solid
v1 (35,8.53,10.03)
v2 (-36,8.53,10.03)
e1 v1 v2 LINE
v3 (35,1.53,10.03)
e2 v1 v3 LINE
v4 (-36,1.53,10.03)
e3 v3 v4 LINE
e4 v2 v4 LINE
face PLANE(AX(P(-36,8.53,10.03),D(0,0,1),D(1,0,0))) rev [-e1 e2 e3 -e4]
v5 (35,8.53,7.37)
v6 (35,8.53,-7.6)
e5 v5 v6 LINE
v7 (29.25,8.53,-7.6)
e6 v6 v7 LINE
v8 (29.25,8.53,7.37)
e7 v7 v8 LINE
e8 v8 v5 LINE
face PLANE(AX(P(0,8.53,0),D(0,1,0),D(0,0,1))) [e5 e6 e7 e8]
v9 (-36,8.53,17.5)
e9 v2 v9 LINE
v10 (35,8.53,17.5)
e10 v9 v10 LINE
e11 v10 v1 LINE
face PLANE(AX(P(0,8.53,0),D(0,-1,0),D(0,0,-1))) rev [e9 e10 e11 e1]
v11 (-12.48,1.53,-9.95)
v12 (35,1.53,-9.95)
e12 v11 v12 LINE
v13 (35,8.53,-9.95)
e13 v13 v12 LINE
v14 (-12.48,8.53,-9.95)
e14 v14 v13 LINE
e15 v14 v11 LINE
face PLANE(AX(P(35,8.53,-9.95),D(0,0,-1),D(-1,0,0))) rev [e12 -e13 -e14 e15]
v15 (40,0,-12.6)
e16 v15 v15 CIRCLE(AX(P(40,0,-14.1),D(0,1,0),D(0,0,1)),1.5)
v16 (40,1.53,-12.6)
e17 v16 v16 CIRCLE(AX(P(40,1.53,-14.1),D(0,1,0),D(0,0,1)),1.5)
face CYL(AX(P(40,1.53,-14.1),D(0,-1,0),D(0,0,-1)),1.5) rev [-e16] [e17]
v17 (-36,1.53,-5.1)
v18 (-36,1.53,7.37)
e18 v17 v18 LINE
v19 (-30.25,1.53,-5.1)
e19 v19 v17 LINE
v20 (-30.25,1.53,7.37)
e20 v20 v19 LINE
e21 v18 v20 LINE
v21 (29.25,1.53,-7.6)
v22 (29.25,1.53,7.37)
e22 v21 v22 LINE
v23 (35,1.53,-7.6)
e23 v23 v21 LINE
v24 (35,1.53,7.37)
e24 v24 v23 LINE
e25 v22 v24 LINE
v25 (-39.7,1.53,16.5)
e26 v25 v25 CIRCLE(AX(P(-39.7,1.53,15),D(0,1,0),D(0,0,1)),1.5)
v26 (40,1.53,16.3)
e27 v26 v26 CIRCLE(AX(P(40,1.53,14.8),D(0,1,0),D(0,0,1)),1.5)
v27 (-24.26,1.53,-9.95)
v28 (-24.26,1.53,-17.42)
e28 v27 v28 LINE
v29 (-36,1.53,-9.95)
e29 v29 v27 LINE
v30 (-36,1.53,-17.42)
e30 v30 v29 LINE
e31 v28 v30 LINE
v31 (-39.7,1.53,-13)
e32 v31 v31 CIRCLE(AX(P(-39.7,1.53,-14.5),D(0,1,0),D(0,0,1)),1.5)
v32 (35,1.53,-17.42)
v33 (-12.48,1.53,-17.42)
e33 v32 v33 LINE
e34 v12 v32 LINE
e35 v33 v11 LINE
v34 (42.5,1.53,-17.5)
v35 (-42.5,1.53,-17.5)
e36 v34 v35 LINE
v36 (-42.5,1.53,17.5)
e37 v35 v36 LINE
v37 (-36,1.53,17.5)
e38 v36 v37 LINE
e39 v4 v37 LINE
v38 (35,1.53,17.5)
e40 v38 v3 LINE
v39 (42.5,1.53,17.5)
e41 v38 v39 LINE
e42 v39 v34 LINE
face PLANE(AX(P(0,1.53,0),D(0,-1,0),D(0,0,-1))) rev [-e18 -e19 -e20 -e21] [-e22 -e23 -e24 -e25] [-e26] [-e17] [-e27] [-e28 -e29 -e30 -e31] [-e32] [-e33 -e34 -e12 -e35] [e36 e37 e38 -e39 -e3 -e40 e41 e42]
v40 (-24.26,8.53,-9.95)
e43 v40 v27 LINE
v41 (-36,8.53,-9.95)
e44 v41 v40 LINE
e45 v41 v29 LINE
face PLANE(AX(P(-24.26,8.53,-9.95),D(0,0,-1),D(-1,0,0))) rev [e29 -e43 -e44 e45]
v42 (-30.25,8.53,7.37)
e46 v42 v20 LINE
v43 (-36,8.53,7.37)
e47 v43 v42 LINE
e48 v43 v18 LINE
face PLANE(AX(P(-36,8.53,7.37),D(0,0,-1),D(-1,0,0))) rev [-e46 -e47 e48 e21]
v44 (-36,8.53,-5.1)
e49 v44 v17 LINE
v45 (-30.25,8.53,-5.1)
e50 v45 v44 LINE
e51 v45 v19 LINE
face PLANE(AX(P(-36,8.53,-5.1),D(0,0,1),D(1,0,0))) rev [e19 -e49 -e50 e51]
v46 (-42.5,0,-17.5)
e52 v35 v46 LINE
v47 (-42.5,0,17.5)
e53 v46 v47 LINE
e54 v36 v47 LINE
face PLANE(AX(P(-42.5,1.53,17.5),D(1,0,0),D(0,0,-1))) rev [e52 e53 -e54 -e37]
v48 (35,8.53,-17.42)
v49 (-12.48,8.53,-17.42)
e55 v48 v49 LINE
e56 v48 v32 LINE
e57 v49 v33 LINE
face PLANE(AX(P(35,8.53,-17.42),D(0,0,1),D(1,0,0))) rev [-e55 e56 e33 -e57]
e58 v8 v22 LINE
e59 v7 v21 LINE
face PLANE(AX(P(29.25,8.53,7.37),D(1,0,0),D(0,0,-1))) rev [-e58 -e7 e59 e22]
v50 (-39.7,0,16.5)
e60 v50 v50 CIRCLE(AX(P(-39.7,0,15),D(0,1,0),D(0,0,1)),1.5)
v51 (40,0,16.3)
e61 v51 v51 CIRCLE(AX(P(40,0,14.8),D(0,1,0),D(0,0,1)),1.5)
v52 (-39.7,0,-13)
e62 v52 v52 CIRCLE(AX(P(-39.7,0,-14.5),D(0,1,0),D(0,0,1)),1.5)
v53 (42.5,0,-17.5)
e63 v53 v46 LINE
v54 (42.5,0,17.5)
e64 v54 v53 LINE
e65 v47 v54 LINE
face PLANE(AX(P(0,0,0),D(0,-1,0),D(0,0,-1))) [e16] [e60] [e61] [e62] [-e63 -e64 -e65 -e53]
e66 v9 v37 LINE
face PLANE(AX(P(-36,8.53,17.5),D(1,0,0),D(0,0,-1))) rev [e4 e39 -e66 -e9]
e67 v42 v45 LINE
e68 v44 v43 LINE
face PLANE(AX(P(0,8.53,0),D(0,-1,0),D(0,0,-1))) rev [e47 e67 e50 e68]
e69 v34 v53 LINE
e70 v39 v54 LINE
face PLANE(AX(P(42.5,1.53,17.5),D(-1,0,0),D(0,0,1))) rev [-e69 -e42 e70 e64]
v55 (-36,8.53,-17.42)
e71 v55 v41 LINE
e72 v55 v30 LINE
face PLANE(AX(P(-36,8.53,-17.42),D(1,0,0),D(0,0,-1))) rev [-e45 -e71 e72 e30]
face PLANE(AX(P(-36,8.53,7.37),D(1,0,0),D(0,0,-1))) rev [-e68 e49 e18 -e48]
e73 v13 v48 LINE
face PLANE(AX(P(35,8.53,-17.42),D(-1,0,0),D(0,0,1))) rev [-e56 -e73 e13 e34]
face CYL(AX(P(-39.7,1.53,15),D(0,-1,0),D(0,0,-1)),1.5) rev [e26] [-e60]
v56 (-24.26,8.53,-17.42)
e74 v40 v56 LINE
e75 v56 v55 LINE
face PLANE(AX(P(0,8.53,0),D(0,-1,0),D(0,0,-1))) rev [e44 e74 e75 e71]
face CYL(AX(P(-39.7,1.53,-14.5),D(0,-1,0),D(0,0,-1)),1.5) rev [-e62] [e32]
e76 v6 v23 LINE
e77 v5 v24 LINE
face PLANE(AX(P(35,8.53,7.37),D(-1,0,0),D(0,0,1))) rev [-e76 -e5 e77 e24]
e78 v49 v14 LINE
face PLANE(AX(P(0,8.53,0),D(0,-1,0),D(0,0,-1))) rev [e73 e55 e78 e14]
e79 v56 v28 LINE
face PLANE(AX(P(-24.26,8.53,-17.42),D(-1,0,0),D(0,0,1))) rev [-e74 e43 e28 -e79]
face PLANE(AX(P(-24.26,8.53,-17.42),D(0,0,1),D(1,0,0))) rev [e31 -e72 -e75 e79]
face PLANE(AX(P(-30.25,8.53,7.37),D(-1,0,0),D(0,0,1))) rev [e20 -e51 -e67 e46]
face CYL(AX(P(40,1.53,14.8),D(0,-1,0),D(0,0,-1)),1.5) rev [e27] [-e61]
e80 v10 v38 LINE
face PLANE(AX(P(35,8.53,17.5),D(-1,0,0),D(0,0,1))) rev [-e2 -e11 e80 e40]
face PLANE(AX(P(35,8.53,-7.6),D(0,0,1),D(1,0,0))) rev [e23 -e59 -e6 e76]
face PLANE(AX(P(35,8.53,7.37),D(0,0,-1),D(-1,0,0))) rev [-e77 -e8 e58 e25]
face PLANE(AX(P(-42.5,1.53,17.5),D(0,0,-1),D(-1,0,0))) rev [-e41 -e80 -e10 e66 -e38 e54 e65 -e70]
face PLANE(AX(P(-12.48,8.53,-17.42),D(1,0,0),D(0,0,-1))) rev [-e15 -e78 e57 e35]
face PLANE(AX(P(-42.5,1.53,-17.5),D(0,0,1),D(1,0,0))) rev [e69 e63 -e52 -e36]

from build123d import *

# Parameters (mm, degrees)
SKETCH1_W           = 85
SKETCH1_H           = 35
SKETCH1_R           = 1.5
BOSS_EXTRUDE2_DEPTH = 1.53
SKETCH2_W           = 71
SKETCH2_H           = 7.47
SKETCH2_W_2         = 5.75
SKETCH2_H_2         = 14.97
SKETCH2_W_3         = 11.74
SKETCH2_W_4         = 47.48
SKETCH2_H_3         = 12.47
BOSS_EXTRUDE3_DEPTH = 7


with BuildPart() as part:
    # Sketch1 → Boss-Extrude2 (new body)
    with BuildSketch(Plane(origin=(0, 0, 0), x_dir=(1, 0, 0), z_dir=(0, 1, 0))):
        Rectangle(SKETCH1_W, SKETCH1_H)
        with Locations(Location((-39.7, 14.5, 0), (0, 0, 270))):
            Circle(SKETCH1_R, mode=Mode.SUBTRACT)
        with Locations(Location((-39.7, -15, 0), (0, 0, 270))):
            Circle(SKETCH1_R, mode=Mode.SUBTRACT)
        with Locations(Location((40, 14.1, 0), (0, 0, 270))):
            Circle(SKETCH1_R, mode=Mode.SUBTRACT)
        with Locations(Location((40, -14.8, 0), (0, 0, 270))):
            Circle(SKETCH1_R, mode=Mode.SUBTRACT)
    extrude(amount=BOSS_EXTRUDE2_DEPTH)

    # Sketch2 → Boss-Extrude3 (add)
    with BuildSketch(Plane(origin=(0, 1.53, 0), x_dir=(1, 0, 0), z_dir=(0, 1, 0))):
        with Locations((-0.5, -13.765)):
            Rectangle(SKETCH2_W, SKETCH2_H)
        with Locations((32.125, 0.115)):
            Rectangle(SKETCH2_W_2, SKETCH2_H_2)
        with Locations((-30.13, 13.685)):
            Rectangle(SKETCH2_W_3, SKETCH2_H)
        with Locations((11.26, 13.685)):
            Rectangle(SKETCH2_W_4, SKETCH2_H)
        with Locations((-33.125, -1.135)):
            Rectangle(SKETCH2_W_2, SKETCH2_H_3)
    extrude(amount=BOSS_EXTRUDE3_DEPTH)


solid = part.part
